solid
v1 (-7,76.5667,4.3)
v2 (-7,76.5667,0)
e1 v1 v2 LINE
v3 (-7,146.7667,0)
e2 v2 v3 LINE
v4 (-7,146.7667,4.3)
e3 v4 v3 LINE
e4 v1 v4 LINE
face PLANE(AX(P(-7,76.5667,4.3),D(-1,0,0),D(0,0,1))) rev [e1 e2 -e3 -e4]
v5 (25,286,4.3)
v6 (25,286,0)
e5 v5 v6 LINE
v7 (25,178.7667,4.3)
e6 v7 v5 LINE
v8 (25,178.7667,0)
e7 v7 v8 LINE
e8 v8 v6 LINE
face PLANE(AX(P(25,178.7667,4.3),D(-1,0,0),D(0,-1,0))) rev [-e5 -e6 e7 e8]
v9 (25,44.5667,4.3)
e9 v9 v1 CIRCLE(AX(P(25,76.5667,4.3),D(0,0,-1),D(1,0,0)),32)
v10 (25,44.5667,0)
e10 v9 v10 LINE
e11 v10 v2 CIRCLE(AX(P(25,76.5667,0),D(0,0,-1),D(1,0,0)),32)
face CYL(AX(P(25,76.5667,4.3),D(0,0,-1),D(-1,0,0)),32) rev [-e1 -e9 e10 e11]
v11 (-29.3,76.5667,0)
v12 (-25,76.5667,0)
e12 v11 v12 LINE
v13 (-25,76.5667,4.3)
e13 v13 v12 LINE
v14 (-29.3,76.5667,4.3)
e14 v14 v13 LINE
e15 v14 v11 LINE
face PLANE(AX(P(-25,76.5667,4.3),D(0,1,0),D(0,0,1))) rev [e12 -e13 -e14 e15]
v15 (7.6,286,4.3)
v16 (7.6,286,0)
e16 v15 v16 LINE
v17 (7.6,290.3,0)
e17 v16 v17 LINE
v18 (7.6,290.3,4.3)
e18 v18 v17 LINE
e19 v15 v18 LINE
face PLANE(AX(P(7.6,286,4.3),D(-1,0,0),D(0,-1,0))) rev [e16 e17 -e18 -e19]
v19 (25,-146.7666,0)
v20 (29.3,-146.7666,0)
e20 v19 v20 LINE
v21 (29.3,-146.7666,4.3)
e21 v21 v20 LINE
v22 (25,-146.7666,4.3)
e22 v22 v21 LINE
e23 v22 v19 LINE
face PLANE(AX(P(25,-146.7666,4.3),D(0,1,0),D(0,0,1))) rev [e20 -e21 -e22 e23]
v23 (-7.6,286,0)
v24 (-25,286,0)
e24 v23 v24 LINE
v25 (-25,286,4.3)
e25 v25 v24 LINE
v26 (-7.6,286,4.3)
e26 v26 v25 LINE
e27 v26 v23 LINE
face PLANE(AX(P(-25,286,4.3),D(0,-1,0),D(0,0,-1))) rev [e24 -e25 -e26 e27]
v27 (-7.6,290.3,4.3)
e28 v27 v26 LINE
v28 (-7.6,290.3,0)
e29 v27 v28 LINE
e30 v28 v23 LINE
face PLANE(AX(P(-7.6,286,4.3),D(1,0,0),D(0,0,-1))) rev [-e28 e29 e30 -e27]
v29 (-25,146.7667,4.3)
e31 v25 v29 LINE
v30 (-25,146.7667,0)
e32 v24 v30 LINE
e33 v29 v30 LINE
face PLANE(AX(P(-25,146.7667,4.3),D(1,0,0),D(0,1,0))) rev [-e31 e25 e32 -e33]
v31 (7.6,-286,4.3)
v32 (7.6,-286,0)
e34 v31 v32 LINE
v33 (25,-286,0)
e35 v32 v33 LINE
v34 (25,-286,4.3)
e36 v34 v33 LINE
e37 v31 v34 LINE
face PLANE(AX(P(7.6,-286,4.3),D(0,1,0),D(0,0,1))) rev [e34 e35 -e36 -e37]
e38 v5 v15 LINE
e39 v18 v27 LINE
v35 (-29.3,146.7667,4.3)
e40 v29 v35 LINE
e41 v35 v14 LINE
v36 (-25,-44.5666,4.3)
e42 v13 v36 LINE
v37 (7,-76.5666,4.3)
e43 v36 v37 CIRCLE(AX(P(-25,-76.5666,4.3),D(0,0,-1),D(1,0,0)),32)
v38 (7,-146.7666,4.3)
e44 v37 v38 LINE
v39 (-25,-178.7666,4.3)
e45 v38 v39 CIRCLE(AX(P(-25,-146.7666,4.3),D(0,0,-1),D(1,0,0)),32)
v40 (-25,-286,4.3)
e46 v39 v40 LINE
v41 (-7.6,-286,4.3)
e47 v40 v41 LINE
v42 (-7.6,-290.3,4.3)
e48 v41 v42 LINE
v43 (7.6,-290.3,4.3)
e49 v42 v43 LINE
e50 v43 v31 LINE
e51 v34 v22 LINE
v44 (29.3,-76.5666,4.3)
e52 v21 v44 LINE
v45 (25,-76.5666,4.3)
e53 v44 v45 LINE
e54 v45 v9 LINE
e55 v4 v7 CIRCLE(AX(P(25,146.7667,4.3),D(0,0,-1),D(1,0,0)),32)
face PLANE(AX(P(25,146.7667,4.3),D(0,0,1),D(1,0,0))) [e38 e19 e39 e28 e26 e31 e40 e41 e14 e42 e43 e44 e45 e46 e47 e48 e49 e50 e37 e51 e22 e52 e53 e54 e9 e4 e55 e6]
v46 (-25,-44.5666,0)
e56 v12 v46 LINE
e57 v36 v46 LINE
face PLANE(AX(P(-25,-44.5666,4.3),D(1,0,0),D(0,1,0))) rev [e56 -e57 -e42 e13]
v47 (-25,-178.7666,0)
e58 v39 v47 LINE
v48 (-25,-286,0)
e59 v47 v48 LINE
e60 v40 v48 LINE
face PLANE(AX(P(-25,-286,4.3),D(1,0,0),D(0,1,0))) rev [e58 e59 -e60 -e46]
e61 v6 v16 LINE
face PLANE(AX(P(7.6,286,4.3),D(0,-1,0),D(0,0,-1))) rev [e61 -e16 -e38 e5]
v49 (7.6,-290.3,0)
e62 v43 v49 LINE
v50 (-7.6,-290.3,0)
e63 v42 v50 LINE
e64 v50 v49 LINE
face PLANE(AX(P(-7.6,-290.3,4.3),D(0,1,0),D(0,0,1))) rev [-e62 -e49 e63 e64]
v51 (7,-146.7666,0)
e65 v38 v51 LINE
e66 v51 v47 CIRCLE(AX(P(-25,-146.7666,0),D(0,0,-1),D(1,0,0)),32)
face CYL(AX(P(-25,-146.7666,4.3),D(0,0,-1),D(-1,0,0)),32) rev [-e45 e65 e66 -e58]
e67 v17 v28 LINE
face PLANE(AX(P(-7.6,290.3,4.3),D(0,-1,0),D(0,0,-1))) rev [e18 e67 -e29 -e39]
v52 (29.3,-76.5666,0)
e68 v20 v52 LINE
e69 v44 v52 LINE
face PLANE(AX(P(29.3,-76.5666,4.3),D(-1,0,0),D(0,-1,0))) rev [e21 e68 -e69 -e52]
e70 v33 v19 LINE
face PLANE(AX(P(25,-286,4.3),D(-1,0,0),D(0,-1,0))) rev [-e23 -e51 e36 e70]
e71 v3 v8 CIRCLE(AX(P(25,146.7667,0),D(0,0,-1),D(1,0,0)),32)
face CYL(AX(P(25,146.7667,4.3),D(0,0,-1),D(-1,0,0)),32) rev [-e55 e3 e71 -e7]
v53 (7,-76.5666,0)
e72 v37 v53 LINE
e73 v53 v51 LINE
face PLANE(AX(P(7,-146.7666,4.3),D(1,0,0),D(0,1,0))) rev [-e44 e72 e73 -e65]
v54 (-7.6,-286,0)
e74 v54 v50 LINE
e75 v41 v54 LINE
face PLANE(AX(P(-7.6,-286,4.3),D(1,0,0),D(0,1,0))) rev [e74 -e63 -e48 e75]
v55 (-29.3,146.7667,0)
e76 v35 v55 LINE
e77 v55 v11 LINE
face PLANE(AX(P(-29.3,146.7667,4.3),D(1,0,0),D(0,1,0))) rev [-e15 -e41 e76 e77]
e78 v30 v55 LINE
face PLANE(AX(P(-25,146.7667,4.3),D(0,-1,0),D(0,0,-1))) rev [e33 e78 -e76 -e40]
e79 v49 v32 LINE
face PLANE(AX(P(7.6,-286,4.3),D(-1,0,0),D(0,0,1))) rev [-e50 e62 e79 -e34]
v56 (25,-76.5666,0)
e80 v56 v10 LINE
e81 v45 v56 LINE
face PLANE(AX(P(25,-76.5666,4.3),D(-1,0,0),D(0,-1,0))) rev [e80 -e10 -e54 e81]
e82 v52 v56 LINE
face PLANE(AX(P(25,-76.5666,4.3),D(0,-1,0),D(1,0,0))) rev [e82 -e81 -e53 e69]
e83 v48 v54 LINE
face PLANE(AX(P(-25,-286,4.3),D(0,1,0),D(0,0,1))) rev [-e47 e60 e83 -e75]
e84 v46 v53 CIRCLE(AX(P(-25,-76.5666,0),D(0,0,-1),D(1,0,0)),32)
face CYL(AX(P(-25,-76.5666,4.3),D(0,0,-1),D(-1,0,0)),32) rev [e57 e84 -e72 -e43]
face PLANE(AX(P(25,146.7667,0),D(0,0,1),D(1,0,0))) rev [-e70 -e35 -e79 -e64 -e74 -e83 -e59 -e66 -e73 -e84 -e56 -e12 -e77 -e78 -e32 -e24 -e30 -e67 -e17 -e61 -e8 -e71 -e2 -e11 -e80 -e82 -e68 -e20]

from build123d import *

# Parameters (mm, degrees)
BOSS_EXTRUDE1_DEPTH = 4.3


with BuildPart() as part:
    # Sketch2 → Boss-Extrude1 (new body)
    with BuildSketch(Plane.XY):
        with BuildLine():
            Line((-25, -286), (-7.6, -286))
            Line((-7.6, -286), (-7.6, -290.3))
            Line((-7.6, -290.3), (7.6, -290.3))
            Line((7.6, -290.3), (7.6, -286))
            Line((7.6, -286), (25, -286))
            Line((25, -286), (25, -146.7666))
            Line((25, -146.7666), (29.3, -146.7666))
            Line((29.3, -146.7666), (29.3, -76.5666))
            Line((29.3, -76.5666), (25, -76.5666))
            Line((25, -76.5666), (25, 44.5667))
            ThreePointArc((25, 44.5667), (2.372583002, 53.939283002), (-7, 76.5667))
            Line((-7, 76.5667), (-7, 146.7667))
            ThreePointArc((-7, 146.7667), (2.372583002, 169.394116998), (25, 178.7667))
            Line((25, 178.7667), (25, 286))
            Line((25, 286), (7.6, 286))
            Line((7.6, 286), (7.6, 290.3))
            Line((7.6, 290.3), (-7.6, 290.3))
            Line((-7.6, 290.3), (-7.6, 286))
            Line((-7.6, 286), (-25, 286))
            Line((-25, 286), (-25, 146.7667))
            Line((-25, 146.7667), (-29.3, 146.7667))
            Line((-29.3, 146.7667), (-29.3, 76.5667))
            Line((-29.3, 76.5667), (-25, 76.5667))
            Line((-25, 76.5667), (-25, -44.5666))
            ThreePointArc((-25, -44.5666), (-2.372583002, -53.939183002), (7, -76.5666))
            Line((7, -76.5666), (7, -146.7666))
            ThreePointArc((7, -146.7666), (-2.372583002, -169.394016998), (-25, -178.7666))
            Line((-25, -178.7666), (-25, -286))
        make_face()
    extrude(amount=BOSS_EXTRUDE1_DEPTH)


solid = part.part
